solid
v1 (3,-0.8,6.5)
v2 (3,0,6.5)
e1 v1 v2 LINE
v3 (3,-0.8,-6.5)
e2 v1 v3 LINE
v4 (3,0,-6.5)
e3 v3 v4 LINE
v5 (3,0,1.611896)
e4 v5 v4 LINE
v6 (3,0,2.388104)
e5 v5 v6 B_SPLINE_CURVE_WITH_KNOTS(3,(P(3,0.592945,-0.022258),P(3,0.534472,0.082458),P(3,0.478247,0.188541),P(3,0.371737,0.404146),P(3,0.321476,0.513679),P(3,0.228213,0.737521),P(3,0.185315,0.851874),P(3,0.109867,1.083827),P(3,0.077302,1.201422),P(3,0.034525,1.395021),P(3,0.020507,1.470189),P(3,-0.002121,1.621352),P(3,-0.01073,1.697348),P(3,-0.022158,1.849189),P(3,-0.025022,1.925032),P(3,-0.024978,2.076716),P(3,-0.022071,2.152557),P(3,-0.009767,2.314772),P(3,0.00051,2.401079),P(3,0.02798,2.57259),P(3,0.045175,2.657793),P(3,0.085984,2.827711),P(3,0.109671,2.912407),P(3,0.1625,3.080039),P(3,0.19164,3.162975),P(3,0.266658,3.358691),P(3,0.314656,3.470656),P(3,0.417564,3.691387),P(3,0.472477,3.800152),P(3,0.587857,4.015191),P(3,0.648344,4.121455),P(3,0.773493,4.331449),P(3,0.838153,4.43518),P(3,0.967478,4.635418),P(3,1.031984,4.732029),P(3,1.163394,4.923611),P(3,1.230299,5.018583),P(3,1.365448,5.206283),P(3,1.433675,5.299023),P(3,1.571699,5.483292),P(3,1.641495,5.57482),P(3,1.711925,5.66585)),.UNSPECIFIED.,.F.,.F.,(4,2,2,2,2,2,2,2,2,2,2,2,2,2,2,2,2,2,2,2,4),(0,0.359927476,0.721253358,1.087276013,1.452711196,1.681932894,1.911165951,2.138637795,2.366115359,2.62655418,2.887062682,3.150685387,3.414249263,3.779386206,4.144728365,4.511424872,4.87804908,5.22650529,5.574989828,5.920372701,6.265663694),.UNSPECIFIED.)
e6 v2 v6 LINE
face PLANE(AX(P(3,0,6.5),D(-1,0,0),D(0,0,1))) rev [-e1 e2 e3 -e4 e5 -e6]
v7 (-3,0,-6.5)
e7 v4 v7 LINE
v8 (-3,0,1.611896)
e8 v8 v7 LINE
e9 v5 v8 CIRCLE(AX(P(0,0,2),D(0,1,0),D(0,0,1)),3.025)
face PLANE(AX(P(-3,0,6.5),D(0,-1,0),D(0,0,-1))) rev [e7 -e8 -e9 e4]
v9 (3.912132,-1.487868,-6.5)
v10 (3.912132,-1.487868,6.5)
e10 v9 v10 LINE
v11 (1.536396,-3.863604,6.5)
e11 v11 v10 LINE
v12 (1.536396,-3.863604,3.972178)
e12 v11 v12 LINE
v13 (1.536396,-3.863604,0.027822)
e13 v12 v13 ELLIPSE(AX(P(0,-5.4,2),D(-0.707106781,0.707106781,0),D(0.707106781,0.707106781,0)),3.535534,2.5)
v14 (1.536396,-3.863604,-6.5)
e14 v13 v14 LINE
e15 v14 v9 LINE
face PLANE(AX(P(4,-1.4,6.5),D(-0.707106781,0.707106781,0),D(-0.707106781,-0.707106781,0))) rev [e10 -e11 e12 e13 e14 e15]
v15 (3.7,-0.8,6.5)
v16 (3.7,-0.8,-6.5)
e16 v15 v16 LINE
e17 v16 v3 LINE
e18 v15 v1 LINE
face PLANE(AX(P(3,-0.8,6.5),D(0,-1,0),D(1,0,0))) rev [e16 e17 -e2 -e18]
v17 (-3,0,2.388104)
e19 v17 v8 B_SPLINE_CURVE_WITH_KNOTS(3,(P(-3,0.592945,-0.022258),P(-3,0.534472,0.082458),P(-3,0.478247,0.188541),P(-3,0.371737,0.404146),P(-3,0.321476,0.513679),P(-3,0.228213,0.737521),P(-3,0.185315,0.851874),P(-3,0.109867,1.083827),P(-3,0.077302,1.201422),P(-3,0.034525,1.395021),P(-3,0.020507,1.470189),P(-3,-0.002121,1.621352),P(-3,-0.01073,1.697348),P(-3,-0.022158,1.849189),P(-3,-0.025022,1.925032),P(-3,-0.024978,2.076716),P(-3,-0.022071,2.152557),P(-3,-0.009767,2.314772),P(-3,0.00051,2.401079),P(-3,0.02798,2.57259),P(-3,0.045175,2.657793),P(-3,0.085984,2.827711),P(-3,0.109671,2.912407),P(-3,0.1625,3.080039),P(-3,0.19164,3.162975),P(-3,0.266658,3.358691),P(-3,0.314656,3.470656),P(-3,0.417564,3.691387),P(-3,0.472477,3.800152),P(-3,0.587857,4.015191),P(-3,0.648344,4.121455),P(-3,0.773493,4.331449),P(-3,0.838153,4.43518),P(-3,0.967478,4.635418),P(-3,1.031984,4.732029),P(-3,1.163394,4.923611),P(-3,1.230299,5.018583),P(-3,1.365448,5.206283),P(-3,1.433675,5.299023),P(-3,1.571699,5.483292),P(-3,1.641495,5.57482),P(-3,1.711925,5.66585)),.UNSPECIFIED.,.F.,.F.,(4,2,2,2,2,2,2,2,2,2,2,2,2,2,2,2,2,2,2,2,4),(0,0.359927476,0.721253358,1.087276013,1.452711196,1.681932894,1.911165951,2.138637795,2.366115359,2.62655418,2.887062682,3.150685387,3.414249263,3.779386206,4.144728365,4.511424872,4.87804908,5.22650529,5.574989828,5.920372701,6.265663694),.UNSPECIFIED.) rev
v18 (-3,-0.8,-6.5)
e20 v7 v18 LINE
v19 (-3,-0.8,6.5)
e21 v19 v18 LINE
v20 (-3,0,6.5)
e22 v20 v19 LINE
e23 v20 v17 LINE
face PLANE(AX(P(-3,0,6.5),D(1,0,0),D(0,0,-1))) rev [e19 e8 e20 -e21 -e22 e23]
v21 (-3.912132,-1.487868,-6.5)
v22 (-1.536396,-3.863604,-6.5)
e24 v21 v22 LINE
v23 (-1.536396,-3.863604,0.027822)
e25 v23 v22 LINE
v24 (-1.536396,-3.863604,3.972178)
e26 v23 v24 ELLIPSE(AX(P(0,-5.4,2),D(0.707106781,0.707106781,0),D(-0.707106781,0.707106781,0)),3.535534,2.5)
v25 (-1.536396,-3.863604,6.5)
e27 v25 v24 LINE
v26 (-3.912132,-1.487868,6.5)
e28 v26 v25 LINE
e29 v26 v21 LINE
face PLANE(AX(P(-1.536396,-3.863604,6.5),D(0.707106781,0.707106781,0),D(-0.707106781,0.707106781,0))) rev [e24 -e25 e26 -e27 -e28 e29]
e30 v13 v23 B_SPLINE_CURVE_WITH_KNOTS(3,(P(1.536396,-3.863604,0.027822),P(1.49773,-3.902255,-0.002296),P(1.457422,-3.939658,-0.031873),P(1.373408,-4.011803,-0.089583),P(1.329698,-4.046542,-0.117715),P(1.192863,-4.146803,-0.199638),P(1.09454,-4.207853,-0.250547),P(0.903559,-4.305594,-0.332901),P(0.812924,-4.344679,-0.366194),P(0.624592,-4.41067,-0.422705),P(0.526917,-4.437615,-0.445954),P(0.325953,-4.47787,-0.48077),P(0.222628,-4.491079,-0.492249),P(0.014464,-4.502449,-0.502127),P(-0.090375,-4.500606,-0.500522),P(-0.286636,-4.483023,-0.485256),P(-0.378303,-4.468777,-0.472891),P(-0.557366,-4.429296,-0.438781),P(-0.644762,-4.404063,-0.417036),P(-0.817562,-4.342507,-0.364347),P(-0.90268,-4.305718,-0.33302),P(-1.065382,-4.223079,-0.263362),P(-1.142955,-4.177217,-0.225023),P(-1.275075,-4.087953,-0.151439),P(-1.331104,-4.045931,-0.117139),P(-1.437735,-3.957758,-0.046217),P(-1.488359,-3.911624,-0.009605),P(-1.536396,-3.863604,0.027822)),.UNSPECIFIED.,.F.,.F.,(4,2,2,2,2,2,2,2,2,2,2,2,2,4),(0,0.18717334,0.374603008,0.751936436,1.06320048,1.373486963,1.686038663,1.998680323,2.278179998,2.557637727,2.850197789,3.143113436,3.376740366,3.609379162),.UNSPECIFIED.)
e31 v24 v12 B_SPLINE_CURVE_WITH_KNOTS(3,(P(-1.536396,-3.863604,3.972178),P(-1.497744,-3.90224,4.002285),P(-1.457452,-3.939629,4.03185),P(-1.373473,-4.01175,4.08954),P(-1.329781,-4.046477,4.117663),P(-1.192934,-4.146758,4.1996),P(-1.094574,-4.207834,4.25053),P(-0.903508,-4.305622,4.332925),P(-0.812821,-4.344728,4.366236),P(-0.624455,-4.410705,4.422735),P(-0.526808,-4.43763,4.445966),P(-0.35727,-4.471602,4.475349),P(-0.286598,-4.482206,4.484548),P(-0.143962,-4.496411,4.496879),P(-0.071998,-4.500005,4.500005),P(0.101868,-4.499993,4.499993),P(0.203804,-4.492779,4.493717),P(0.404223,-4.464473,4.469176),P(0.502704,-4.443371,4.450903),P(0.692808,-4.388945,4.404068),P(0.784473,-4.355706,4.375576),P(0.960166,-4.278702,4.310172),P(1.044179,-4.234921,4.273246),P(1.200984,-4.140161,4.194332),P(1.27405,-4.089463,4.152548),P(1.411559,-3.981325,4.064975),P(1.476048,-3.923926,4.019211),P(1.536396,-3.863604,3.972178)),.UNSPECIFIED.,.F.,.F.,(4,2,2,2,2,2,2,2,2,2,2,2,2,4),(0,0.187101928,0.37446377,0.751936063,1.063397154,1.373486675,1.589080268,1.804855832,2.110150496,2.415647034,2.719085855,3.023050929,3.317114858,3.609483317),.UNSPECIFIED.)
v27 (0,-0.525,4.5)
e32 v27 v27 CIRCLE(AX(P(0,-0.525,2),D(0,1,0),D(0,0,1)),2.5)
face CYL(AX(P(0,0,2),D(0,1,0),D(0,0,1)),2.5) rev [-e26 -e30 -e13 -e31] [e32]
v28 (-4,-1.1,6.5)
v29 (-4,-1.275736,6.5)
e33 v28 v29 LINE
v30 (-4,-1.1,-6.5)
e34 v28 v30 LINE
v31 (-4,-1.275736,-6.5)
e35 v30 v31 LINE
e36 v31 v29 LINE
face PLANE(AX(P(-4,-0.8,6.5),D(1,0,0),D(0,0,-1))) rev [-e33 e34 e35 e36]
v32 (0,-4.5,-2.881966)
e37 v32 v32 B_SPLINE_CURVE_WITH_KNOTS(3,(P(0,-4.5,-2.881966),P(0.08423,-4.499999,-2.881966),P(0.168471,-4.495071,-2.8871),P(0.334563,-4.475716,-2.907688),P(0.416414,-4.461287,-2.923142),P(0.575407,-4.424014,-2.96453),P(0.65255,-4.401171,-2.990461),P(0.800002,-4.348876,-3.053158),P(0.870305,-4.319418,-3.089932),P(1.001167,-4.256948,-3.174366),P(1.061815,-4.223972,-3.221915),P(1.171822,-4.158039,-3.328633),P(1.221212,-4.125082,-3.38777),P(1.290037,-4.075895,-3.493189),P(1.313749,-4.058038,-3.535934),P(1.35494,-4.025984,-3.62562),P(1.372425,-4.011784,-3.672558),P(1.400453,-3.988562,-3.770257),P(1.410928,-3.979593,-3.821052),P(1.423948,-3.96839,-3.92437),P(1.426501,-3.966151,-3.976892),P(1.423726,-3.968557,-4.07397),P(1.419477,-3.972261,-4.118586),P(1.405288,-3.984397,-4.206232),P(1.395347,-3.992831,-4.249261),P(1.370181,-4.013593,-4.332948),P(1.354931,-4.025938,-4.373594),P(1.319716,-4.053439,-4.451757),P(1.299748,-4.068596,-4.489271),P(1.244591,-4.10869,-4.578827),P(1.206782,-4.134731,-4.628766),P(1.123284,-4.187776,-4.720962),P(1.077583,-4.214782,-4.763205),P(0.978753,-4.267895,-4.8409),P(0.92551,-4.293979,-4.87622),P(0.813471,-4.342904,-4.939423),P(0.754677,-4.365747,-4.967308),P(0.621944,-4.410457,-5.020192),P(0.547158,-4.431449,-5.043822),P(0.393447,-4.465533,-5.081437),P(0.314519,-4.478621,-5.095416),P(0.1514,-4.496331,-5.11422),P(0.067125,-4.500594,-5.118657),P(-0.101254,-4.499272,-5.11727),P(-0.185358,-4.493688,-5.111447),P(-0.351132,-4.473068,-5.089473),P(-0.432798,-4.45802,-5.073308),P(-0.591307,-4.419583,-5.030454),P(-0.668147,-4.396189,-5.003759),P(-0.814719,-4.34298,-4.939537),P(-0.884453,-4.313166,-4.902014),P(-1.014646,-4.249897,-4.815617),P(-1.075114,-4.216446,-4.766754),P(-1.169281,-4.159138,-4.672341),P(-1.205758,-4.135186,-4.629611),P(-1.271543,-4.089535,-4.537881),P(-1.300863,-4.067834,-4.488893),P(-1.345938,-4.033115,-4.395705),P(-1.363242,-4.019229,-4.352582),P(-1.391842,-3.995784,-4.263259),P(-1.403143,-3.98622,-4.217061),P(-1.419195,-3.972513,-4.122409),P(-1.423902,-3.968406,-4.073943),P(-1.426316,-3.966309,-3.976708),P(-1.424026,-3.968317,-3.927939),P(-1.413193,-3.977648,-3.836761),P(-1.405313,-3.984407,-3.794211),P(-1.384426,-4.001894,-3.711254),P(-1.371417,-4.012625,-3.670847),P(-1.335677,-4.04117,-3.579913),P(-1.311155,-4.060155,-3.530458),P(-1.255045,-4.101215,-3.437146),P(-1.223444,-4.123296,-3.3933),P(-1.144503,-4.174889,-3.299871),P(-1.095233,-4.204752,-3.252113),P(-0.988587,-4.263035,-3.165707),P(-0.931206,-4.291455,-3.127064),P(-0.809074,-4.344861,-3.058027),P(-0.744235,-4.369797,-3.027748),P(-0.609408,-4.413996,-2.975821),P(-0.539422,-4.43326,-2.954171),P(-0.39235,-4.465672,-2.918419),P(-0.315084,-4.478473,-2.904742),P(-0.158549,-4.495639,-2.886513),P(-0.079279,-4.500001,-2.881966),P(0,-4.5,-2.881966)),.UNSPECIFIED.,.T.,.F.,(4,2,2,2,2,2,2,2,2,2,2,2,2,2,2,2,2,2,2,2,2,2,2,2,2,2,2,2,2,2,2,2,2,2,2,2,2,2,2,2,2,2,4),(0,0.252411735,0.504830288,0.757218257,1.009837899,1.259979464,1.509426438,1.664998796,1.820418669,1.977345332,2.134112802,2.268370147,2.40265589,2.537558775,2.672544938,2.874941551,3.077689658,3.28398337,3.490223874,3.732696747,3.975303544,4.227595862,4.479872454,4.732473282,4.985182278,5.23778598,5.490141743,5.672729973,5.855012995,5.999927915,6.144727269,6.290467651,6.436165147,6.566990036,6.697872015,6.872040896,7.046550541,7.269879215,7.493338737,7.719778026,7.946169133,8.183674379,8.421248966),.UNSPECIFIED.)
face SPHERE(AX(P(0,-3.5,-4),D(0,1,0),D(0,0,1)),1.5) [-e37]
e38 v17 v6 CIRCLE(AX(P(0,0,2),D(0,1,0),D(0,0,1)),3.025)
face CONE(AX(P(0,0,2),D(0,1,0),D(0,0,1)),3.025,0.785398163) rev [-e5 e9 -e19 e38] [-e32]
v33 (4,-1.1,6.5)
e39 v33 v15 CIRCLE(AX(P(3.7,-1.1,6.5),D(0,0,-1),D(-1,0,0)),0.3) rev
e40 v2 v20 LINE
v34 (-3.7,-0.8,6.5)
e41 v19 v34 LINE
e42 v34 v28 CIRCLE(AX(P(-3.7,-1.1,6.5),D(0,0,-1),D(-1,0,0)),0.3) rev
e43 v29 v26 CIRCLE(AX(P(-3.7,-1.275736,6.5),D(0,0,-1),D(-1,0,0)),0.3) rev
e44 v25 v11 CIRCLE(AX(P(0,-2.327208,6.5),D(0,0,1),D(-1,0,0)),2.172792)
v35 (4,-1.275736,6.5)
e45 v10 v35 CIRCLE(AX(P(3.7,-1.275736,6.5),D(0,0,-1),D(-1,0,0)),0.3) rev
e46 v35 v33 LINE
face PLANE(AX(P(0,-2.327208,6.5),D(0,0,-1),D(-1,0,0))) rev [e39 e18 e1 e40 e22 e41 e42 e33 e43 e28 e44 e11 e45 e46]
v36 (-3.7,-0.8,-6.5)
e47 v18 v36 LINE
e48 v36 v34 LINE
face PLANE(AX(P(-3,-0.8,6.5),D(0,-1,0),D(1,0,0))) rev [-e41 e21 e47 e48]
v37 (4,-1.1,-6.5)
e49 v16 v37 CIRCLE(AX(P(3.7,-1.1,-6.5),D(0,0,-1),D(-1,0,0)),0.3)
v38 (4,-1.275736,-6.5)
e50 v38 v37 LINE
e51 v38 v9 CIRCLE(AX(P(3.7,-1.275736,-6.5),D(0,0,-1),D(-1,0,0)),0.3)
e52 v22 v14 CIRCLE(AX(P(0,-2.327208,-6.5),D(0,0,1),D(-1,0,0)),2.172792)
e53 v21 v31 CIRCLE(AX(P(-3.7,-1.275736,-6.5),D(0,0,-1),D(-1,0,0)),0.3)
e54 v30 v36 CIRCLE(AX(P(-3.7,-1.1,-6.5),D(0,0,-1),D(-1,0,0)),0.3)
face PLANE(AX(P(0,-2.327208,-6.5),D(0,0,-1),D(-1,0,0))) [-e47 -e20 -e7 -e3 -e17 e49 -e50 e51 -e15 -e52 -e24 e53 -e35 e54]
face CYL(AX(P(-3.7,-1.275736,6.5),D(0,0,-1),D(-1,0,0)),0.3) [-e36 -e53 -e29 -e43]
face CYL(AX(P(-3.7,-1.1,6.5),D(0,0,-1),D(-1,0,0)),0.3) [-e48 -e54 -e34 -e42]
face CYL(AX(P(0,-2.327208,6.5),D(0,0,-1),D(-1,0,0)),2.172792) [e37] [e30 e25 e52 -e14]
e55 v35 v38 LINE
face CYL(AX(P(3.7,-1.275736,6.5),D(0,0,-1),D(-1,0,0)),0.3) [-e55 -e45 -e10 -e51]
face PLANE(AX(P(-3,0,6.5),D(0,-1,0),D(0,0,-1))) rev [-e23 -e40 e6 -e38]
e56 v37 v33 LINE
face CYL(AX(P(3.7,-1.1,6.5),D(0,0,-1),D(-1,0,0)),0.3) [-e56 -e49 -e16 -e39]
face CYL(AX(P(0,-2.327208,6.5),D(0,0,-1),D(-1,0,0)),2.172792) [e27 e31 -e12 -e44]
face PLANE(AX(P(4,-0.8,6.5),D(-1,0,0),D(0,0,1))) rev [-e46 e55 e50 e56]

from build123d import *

# Parameters (mm, degrees)
EXTRUDE_1_DEPTH             = 6.5
HOLE_WIZARD_M61_D           = 5
HOLE_WIZARD_M61_CSINK_D     = 6.05
HOLE_WIZARD_M61_CSINK_ANGLE = 90
FILLET_1_R                  = 0.3


with BuildPart() as part:
    # Эскиз1 → Бобышка-Вытянуть1 (new body, symmetric)
    with BuildSketch(Plane.XY):
        with BuildLine():
            Line((-3, 0), (3, 0))
            Line((3, 0), (3, -0.8))
            Line((3, -0.8), (4, -0.8))
            Line((4, -0.8), (4, -1.4))
            Line((4, -1.4), (1.536396103, -3.863603897))
            ThreePointArc((1.536396103, -3.863603897), (0, -4.5), (-1.536396103, -3.863603897))
            Line((-1.536396103, -3.863603897), (-4, -1.4))
            Line((-4, -1.4), (-4, -0.8))
            Line((-4, -0.8), (-3, -0.8))
            Line((-3, -0.8), (-3, 0))
        make_face()
    extrude(amount=EXTRUDE_1_DEPTH, both=True)

    # Отверстие обработанное метчиком M61 (through all)
    with Locations(Plane(origin=(0, 0, 0), x_dir=(1, 0, 0), z_dir=(0, 1, 0))):
        with Locations((0, -2)):
            CounterSinkHole(HOLE_WIZARD_M61_D / 2, HOLE_WIZARD_M61_CSINK_D / 2, counter_sink_angle=HOLE_WIZARD_M61_CSINK_ANGLE)

    # Эскиз5 → Повернуть1 (revolve)
    with BuildSketch(Plane(origin=(0, 0, 0), x_dir=(0, 0, -1), z_dir=(1, 0, 0))):
        with BuildLine():
            Line((4, -2), (4, -5))
            ThreePointArc((4, -5), (2.5, -3.5), (4, -2))
        make_face()
    revolve(axis=Axis((0, -2, -4), (0, -1, 0)))

    # Скругление1
    fillet_1_edges = [part.edges().sort_by_distance(p)[0] for p in [
        (4, -0.8, 0),
        (4, -1.4, 0),
        (-4, -1.4, 0),
        (-4, -0.8, 0),
    ]]
    fillet(fillet_1_edges, radius=FILLET_1_R)


solid = part.part
